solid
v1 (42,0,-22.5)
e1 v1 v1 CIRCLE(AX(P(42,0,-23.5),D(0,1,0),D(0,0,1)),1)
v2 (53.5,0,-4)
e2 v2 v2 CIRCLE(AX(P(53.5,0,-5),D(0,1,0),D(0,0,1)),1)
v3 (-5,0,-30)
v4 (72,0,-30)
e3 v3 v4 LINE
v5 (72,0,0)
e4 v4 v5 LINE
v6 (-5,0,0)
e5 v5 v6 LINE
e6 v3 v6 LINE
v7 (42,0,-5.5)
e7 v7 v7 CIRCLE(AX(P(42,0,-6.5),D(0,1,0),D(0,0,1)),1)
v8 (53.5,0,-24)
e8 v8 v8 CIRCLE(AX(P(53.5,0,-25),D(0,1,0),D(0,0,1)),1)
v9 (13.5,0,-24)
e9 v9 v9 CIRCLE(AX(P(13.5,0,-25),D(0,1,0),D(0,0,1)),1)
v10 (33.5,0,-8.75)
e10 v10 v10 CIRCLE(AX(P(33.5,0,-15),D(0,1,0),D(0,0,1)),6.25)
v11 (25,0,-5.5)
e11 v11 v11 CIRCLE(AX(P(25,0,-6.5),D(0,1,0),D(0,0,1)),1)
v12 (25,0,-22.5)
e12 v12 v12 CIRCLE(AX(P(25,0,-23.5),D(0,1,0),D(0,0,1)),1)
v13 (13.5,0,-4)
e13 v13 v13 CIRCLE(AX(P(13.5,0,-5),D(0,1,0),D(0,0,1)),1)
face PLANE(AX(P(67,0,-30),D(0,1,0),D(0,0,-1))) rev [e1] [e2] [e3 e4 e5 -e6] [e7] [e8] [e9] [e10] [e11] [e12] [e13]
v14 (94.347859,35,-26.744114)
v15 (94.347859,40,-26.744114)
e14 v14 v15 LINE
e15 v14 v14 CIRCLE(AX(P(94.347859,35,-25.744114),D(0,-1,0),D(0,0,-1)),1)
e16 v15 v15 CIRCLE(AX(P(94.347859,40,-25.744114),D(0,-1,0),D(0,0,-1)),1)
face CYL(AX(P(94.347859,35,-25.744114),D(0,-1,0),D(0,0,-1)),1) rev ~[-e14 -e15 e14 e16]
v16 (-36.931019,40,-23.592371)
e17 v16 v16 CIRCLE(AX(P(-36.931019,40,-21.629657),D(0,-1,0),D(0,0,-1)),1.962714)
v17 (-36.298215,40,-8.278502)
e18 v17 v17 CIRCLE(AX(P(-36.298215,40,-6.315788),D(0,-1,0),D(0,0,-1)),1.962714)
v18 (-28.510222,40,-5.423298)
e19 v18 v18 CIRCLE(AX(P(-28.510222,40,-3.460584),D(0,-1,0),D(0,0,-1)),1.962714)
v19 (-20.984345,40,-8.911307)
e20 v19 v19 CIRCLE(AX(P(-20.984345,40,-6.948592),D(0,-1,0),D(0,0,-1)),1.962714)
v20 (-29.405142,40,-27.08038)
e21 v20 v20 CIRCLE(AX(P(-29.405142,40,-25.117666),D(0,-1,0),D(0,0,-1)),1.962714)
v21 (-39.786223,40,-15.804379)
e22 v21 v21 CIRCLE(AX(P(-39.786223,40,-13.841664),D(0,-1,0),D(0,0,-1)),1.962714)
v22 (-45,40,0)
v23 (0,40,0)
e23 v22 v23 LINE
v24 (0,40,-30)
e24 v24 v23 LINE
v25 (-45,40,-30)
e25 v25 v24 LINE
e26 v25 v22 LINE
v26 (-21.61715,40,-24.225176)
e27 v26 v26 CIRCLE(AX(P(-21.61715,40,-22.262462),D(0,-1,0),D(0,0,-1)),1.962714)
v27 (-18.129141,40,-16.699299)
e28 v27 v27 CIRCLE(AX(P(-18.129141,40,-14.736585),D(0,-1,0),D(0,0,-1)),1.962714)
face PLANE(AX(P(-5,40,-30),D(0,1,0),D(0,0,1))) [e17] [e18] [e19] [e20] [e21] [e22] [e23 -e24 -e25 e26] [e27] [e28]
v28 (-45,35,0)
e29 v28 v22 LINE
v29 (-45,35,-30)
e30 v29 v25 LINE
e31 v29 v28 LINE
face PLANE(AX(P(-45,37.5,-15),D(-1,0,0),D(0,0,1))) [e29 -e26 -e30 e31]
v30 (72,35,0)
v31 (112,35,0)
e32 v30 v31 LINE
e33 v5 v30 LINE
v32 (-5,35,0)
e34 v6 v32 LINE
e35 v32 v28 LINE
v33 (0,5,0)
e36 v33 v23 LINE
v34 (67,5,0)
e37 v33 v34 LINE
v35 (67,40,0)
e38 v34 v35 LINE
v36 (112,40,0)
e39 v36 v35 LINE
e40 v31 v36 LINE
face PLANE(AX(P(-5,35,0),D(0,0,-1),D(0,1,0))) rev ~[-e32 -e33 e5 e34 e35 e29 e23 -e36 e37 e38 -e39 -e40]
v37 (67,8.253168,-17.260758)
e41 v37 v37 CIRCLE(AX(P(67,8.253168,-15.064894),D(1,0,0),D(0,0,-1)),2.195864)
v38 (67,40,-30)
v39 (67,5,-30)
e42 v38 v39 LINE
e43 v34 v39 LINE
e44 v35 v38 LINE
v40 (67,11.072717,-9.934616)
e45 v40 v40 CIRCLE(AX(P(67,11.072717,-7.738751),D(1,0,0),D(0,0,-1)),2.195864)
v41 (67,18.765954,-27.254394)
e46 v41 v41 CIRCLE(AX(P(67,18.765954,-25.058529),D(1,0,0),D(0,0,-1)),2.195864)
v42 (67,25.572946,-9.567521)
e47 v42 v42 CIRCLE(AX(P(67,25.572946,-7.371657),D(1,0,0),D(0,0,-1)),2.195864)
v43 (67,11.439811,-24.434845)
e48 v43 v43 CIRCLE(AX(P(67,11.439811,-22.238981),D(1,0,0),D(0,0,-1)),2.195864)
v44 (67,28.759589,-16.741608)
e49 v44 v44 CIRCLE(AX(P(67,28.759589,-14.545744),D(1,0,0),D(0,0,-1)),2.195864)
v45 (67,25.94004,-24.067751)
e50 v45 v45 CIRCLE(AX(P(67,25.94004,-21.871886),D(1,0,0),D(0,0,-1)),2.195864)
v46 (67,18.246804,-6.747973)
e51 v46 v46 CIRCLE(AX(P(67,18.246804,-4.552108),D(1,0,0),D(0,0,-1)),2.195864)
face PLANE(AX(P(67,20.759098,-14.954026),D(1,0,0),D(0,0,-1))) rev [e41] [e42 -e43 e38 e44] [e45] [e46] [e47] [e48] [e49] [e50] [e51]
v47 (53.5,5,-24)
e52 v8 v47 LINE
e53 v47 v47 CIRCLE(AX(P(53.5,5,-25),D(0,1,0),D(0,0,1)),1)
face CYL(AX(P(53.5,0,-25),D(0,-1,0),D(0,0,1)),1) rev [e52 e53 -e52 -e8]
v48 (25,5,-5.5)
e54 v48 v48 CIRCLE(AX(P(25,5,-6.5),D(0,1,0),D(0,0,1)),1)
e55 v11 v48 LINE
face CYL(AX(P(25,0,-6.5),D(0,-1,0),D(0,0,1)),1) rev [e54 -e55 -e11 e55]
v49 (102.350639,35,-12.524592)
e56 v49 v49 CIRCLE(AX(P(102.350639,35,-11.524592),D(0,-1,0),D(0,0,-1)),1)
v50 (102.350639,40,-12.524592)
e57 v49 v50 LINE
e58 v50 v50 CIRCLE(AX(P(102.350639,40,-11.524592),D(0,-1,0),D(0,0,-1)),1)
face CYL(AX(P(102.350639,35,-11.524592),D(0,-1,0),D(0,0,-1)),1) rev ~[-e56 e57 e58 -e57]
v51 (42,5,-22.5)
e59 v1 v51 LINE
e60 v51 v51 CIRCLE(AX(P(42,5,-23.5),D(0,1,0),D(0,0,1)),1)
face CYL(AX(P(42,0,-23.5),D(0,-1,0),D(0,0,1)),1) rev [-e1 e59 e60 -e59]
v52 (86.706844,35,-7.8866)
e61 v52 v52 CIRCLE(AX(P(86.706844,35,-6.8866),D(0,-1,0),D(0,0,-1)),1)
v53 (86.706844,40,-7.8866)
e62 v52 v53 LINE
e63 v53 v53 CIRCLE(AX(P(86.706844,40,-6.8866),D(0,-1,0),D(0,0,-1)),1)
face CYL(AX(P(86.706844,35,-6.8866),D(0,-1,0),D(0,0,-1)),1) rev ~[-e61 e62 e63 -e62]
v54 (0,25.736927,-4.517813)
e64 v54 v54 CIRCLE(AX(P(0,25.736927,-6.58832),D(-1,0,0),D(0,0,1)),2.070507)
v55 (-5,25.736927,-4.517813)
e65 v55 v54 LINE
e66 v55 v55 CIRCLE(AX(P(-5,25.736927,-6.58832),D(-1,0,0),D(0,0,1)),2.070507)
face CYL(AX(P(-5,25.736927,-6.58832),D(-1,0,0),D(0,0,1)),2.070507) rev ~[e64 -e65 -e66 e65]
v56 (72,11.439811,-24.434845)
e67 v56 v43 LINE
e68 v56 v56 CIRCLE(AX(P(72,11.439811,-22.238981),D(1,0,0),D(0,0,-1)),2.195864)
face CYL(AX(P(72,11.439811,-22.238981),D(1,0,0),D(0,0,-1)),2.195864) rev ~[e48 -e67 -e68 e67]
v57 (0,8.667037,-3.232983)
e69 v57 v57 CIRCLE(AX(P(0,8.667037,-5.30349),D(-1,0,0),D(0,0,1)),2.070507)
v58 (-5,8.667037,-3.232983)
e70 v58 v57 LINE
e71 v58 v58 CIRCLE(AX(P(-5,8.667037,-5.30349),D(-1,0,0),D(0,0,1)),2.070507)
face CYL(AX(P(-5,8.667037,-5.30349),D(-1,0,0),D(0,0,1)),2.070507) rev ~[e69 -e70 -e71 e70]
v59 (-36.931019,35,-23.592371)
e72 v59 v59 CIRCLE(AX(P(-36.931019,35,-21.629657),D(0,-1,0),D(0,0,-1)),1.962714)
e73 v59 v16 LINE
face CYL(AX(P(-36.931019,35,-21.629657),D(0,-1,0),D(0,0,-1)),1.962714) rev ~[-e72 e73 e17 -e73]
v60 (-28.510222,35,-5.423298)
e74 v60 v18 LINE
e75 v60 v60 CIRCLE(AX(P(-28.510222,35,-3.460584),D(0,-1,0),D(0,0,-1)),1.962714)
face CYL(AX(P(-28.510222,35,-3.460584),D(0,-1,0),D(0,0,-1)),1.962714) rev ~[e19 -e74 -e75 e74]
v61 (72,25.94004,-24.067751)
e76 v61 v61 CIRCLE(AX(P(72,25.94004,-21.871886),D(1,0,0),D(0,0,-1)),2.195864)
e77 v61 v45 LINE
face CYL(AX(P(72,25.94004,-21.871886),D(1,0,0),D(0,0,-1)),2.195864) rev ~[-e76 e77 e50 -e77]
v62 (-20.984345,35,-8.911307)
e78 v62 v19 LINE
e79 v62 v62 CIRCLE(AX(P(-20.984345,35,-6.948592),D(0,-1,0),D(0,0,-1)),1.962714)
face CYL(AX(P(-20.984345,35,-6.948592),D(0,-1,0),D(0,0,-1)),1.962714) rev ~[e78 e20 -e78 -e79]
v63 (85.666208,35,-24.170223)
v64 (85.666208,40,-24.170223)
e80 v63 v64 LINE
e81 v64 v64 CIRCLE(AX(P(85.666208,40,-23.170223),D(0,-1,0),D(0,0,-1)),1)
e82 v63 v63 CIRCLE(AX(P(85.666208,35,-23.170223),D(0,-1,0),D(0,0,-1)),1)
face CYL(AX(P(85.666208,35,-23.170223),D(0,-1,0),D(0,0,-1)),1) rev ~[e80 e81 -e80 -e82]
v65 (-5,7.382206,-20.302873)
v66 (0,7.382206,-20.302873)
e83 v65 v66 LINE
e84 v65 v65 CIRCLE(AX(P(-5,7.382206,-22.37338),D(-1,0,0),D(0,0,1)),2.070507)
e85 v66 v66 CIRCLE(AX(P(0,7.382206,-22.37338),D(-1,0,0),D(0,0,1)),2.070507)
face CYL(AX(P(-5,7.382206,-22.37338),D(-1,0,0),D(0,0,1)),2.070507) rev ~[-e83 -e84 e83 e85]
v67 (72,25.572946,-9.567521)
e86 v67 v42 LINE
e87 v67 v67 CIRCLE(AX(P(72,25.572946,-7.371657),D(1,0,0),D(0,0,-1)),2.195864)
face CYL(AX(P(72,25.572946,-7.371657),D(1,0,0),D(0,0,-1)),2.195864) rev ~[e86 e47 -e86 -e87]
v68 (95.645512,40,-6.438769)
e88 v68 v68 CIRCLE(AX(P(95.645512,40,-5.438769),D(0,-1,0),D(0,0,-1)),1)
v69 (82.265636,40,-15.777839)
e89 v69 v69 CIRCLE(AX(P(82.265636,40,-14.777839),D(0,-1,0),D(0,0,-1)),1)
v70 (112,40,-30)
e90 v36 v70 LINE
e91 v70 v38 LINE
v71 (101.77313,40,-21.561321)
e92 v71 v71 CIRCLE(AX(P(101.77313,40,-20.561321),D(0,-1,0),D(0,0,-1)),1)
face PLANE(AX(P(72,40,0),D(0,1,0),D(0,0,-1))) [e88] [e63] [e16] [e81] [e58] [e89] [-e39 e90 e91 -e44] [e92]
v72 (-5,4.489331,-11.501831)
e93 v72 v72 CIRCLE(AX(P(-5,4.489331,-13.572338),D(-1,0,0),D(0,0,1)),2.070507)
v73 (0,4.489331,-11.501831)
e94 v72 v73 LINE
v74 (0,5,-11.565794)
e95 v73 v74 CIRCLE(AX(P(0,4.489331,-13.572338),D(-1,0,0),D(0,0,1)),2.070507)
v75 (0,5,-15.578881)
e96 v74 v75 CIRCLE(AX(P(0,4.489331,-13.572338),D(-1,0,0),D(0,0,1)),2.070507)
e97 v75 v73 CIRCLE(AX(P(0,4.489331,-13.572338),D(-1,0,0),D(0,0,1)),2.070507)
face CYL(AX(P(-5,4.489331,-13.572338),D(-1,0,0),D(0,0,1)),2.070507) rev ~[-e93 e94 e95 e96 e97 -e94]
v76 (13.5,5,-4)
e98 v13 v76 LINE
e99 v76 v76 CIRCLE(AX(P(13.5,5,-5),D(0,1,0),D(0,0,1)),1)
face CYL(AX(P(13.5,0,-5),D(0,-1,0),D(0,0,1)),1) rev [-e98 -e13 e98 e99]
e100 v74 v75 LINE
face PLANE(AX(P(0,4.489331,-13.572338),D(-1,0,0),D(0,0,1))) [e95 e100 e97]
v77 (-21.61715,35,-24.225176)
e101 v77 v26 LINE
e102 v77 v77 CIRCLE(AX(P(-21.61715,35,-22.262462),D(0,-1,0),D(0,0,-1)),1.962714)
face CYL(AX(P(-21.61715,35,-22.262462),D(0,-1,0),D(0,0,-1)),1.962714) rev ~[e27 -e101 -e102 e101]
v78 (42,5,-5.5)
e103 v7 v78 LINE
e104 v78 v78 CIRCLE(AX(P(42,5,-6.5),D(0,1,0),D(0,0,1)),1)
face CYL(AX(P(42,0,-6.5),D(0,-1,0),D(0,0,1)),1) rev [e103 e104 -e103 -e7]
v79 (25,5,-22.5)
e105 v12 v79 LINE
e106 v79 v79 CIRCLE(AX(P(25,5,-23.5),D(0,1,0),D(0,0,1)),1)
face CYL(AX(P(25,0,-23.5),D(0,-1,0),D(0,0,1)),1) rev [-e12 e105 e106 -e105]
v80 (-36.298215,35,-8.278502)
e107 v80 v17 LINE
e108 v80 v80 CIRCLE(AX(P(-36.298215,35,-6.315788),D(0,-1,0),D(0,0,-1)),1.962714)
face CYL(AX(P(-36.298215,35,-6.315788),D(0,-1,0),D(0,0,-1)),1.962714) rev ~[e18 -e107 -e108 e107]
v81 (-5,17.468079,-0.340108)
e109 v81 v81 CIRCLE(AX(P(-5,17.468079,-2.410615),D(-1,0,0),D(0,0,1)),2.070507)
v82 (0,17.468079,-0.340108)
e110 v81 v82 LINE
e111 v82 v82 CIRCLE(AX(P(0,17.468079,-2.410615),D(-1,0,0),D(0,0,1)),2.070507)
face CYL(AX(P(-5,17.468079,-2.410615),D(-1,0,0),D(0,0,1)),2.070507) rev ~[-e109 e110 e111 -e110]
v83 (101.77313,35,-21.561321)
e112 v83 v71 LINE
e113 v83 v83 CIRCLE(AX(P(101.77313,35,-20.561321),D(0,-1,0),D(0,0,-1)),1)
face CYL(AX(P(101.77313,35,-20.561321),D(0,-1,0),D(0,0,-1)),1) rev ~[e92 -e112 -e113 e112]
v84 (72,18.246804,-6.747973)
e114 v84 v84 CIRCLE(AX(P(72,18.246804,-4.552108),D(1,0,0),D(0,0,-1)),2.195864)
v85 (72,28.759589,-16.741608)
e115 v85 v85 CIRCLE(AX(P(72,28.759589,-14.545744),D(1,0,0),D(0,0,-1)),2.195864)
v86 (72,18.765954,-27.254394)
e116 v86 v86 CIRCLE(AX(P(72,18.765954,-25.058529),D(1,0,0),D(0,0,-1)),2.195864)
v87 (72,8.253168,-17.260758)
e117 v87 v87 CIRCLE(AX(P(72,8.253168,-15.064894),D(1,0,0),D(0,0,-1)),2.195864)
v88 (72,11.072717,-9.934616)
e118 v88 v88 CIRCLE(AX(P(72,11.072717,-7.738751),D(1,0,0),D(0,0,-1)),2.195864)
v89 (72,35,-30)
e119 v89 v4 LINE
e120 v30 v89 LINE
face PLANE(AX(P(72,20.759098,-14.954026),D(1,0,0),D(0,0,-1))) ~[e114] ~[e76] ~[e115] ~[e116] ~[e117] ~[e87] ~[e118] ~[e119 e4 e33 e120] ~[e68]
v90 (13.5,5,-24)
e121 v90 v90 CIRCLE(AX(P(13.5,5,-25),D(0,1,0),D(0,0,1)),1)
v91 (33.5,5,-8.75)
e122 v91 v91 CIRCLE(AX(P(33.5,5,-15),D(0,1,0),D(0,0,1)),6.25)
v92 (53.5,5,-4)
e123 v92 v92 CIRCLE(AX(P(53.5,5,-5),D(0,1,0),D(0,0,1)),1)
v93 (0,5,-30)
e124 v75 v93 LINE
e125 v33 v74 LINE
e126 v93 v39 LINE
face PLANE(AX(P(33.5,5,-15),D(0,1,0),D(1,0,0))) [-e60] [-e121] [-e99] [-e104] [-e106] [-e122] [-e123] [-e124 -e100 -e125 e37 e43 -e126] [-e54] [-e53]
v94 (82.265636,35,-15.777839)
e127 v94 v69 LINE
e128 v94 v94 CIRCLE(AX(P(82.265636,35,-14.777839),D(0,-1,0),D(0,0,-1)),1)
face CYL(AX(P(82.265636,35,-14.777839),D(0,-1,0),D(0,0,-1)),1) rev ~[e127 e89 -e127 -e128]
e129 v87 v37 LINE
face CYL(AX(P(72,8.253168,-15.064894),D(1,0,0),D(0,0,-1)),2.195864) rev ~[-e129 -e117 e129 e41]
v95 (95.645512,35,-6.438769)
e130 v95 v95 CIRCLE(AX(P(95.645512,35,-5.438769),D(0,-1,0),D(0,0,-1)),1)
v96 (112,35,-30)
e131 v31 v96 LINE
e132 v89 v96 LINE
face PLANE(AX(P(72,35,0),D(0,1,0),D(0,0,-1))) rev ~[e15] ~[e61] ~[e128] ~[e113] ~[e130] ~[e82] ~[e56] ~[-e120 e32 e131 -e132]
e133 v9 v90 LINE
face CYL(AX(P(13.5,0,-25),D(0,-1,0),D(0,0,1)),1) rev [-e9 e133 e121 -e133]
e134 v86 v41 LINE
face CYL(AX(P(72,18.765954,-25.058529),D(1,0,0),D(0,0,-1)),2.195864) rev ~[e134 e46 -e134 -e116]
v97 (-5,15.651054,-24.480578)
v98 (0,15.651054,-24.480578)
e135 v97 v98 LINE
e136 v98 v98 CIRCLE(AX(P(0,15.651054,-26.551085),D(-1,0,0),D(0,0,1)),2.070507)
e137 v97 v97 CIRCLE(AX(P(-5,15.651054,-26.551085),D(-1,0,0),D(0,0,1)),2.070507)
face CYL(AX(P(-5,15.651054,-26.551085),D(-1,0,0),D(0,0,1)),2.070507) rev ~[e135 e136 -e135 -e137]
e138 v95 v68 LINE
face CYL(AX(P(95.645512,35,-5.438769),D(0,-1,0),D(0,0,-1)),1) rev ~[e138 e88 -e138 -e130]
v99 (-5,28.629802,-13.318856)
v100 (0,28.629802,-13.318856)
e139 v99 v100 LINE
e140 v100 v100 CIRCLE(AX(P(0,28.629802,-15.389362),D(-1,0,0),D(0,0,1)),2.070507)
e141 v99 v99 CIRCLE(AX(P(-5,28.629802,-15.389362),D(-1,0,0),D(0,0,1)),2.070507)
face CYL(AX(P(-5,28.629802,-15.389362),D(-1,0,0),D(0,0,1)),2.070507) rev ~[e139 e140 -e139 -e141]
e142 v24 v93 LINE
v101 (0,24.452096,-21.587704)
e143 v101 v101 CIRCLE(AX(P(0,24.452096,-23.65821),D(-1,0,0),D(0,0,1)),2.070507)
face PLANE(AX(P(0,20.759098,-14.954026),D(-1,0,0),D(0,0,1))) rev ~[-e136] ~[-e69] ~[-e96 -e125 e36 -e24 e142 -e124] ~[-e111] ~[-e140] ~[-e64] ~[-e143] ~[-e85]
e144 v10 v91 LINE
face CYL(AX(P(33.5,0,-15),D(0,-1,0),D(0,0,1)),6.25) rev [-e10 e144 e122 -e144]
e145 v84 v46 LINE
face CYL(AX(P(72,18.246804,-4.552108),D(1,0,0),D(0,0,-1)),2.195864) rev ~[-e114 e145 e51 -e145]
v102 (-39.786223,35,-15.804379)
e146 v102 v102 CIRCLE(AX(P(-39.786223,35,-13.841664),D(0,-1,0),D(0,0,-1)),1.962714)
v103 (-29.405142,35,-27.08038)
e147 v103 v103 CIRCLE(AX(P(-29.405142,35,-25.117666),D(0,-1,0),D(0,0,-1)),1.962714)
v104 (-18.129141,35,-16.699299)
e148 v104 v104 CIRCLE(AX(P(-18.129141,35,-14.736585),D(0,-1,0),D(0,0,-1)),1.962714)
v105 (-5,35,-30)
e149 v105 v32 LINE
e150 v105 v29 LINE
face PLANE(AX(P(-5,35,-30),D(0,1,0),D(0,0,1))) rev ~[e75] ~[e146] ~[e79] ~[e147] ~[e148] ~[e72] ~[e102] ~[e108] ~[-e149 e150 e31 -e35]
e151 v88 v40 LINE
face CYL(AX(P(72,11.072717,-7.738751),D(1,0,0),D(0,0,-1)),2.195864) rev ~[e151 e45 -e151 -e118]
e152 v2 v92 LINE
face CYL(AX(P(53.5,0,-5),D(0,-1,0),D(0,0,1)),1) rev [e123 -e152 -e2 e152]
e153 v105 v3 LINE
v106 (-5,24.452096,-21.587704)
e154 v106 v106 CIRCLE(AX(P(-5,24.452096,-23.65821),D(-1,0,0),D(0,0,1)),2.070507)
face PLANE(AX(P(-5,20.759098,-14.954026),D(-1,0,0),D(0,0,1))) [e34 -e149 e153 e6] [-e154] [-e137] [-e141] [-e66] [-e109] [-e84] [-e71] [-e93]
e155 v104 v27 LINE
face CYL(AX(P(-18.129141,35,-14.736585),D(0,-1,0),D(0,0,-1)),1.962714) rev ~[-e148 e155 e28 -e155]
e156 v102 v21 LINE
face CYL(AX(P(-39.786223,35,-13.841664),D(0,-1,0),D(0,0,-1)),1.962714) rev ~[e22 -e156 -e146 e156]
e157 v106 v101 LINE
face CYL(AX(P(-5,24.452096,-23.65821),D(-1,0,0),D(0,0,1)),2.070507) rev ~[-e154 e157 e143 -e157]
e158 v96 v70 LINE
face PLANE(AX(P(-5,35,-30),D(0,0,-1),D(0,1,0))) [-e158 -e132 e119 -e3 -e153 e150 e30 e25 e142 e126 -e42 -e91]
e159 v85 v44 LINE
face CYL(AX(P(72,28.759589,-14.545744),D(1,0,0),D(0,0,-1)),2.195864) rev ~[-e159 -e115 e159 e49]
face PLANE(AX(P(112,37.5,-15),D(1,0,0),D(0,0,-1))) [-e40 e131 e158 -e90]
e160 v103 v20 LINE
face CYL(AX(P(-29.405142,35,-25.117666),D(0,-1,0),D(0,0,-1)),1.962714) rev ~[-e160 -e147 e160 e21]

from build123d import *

# Parameters (mm, degrees)
SKETCH2_R           = 2.246119438
BOSS_EXTRUDE1_DEPTH = 5
SKETCH1_W           = 67
SKETCH1_H           = 30
SKETCH1_R           = 6.25
SKETCH1_R_2         = 1
BOSS_EXTRUDE3_DEPTH = 5
SKETCH8_W           = 30
SKETCH8_H           = 40
BOSS_EXTRUDE4_DEPTH = 5
SKETCH9_W           = 30
SKETCH9_H           = 40
BOSS_EXTRUDE5_DEPTH = 5
SKETCH11_W          = 30
SKETCH11_H          = 5
BOSS_EXTRUDE6_DEPTH = 40
SKETCH12_W          = 30
SKETCH12_H          = 5
BOSS_EXTRUDE7_DEPTH = 40
SKETCH13_R          = 2.195864451
CUT_EXTRUDE1_DEPTH  = 5
SKETCH14_R          = 1
CUT_EXTRUDE2_DEPTH  = 5
SKETCH15_R          = 2.070506859
CUT_EXTRUDE3_DEPTH  = 5
SKETCH16_R          = 1.962714384
CUT_EXTRUDE4_DEPTH  = 5


with BuildPart() as part:
    # Sketch2 → Boss-Extrude1 (new body)
    with BuildSketch(Plane(origin=(0, 0, 0), x_dir=(0, 0, -1), z_dir=(1, 0, 0))):
        with BuildLine():
            Line((30, 0), (0, 0))
            Line((0, 0), (0, 40))
            Line((0, 40), (7.960594487, 40))
            ThreePointArc((7.960594487, 40), (14.468438583, 30), (20.976282678, 40))
            Line((20.976282678, 40), (30, 40))
            Line((30, 40), (30, 0))
        make_face()
        with Locations((14.468438583, 24.238644745)):
            Circle(SKETCH2_R, mode=Mode.SUBTRACT)
        with Locations((6.578911504, 27.652835849)):
            Circle(SKETCH2_R, mode=Mode.SUBTRACT)
        with Locations((3.414371088, 35.645771628)):
            Circle(SKETCH2_R, mode=Mode.SUBTRACT)
        with Locations((25.875565465, 35.29271224)):
            Circle(SKETCH2_R, mode=Mode.SUBTRACT)
        with Locations((22.461374361, 27.403185161)):
            Circle(SKETCH2_R, mode=Mode.SUBTRACT)
    boss_extrude1 = extrude(amount=-BOSS_EXTRUDE1_DEPTH)

    # Sketch1 → Boss-Extrude3 (add)
    with BuildSketch(Plane(origin=(0, 0, 0), x_dir=(1, 0, 0), z_dir=(0, 1, 0))):
        with Locations((33.5, 15)):
            Rectangle(SKETCH1_W, SKETCH1_H)
        with Locations(Location((33.5, 15, 0), (0, 0, 270))):
            Circle(SKETCH1_R, mode=Mode.SUBTRACT)
        with Locations(Location((42, 23.5, 0), (0, 0, 270))):
            Circle(SKETCH1_R_2, mode=Mode.SUBTRACT)
        with Locations(Location((42, 6.5, 0), (0, 0, 270))):
            Circle(SKETCH1_R_2, mode=Mode.SUBTRACT)
        with Locations(Location((25, 6.5, 0), (0, 0, 270))):
            Circle(SKETCH1_R_2, mode=Mode.SUBTRACT)
        with Locations(Location((25, 23.5, 0), (0, 0, 270))):
            Circle(SKETCH1_R_2, mode=Mode.SUBTRACT)
        with Locations(Location((53.5, 5, 0), (0, 0, 270))):
            Circle(SKETCH1_R_2, mode=Mode.SUBTRACT)
        with Locations(Location((53.5, 25, 0), (0, 0, 270))):
            Circle(SKETCH1_R_2, mode=Mode.SUBTRACT)
        with Locations(Location((13.5, 25, 0), (0, 0, 270))):
            Circle(SKETCH1_R_2, mode=Mode.SUBTRACT)
        with Locations(Location((13.5, 5, 0), (0, 0, 270))):
            Circle(SKETCH1_R_2, mode=Mode.SUBTRACT)
    extrude(amount=BOSS_EXTRUDE3_DEPTH)

    # Mirror1: Boss-Extrude1 across plane
    add(boss_extrude1.mirror(Plane(origin=(33.5, 0, 0), x_dir=(0, 0, 1), z_dir=(1, 0, 0))))

    # Sketch8 → Boss-Extrude4 (add)
    with BuildSketch(Plane.ZY.offset(5)):
        with Locations((-15, 20)):
            Rectangle(SKETCH8_W, SKETCH8_H)
    extrude(amount=-BOSS_EXTRUDE4_DEPTH)

    # Sketch9 → Boss-Extrude5 (add)
    with BuildSketch(Plane(origin=(72, 0, 0), x_dir=(0, 0, -1), z_dir=(1, 0, 0))):
        with Locations((15, 20)):
            Rectangle(SKETCH9_W, SKETCH9_H)
    extrude(amount=-BOSS_EXTRUDE5_DEPTH)

    # Sketch11 → Boss-Extrude6 (add)
    with BuildSketch(Plane(origin=(72, 0, 0), x_dir=(0, 0, -1), z_dir=(1, 0, 0))):
        with Locations((15, 37.5)):
            Rectangle(SKETCH11_W, SKETCH11_H)
    extrude(amount=BOSS_EXTRUDE6_DEPTH)

    # Sketch12 → Boss-Extrude7 (add)
    with BuildSketch(Plane.ZY.offset(5)):
        with Locations((-15, 37.5)):
            Rectangle(SKETCH12_W, SKETCH12_H)
    extrude(amount=BOSS_EXTRUDE7_DEPTH)

    # Sketch13 → Cut-Extrude1 (cut)
    with BuildSketch(Plane(origin=(72, 0, 0), x_dir=(0, 0, -1), z_dir=(1, 0, 0))):
        with Locations((4.552108339, 18.246803651)):
            Circle(SKETCH13_R)
        with Locations((7.738751357, 11.072716755)):
            Circle(SKETCH13_R)
        with Locations((15.064893737, 8.253168149)):
            Circle(SKETCH13_R)
        with Locations((22.238980633, 11.439811167)):
            Circle(SKETCH13_R)
        with Locations((25.058529239, 18.765953547)):
            Circle(SKETCH13_R)
        with Locations((21.871886221, 25.940040443)):
            Circle(SKETCH13_R)
        with Locations((14.545743841, 28.759589048)):
            Circle(SKETCH13_R)
        with Locations((7.371656945, 25.572946031)):
            Circle(SKETCH13_R)
    extrude(amount=-CUT_EXTRUDE1_DEPTH, mode=Mode.SUBTRACT)

    # Sketch14 → Cut-Extrude2 (cut)
    with BuildSketch(Plane.XZ.offset(-35)):
        with Locations(Location((82.265636432, -14.777839144, 0), (0, 0, 270))):
            Circle(SKETCH14_R)
        with Locations(Location((85.666207992, -23.170222577, 0), (0, 0, 270))):
            Circle(SKETCH14_R)
        with Locations(Location((94.347859261, -25.744114158, 0), (0, 0, 270))):
            Circle(SKETCH14_R)
        with Locations(Location((101.77312976, -20.561321027, 0), (0, 0, 270))):
            Circle(SKETCH14_R)
        with Locations(Location((102.350639356, -11.524592123, 0), (0, 0, 270))):
            Circle(SKETCH14_R)
        with Locations(Location((95.645511544, -5.438768625, 0), (0, 0, 270))):
            Circle(SKETCH14_R)
        with Locations(Location((86.706844325, -6.886599756, 0), (0, 0, 270))):
            Circle(SKETCH14_R)
    extrude(amount=-CUT_EXTRUDE2_DEPTH, mode=Mode.SUBTRACT)

    # Sketch15 → Cut-Extrude3 (cut)
    with BuildSketch(Plane.ZY.offset(5)):
        with Locations((-15.389362422, 28.629801574)):
            Circle(SKETCH15_R)
        with Locations((-23.658210405, 24.452096347)):
            Circle(SKETCH15_R)
        with Locations((-26.55108519, 15.65105417)):
            Circle(SKETCH15_R)
        with Locations((-22.373379963, 7.382206187)):
            Circle(SKETCH15_R)
        with Locations((-13.572337785, 4.489331401)):
            Circle(SKETCH15_R)
        with Locations((-5.303489803, 8.667036629)):
            Circle(SKETCH15_R)
        with Locations((-2.410615017, 17.468078806)):
            Circle(SKETCH15_R)
        with Locations((-6.588320245, 25.736926789)):
            Circle(SKETCH15_R)
    extrude(amount=-CUT_EXTRUDE3_DEPTH, mode=Mode.SUBTRACT)

    # Sketch16 → Cut-Extrude4 (cut)
    with BuildSketch(Plane.XZ.offset(-35)):
        with Locations(Location((-39.786222938, -13.841664359, 0), (0, 0, 270))):
            Circle(SKETCH16_R)
        with Locations(Location((-36.298214509, -6.315787831, 0), (0, 0, 270))):
            Circle(SKETCH16_R)
        with Locations(Location((-28.510221767, -3.460583916, 0), (0, 0, 270))):
            Circle(SKETCH16_R)
        with Locations(Location((-20.984345239, -6.948592346, 0), (0, 0, 270))):
            Circle(SKETCH16_R)
        with Locations(Location((-18.129141325, -14.736585087, 0), (0, 0, 270))):
            Circle(SKETCH16_R)
        with Locations(Location((-21.617149754, -22.262461615, 0), (0, 0, 270))):
            Circle(SKETCH16_R)
        with Locations(Location((-29.405142495, -25.11766553, 0), (0, 0, 270))):
            Circle(SKETCH16_R)
        with Locations(Location((-36.931019024, -21.6296571, 0), (0, 0, 270))):
            Circle(SKETCH16_R)
    extrude(amount=-CUT_EXTRUDE4_DEPTH, mode=Mode.SUBTRACT)


solid = part.part
